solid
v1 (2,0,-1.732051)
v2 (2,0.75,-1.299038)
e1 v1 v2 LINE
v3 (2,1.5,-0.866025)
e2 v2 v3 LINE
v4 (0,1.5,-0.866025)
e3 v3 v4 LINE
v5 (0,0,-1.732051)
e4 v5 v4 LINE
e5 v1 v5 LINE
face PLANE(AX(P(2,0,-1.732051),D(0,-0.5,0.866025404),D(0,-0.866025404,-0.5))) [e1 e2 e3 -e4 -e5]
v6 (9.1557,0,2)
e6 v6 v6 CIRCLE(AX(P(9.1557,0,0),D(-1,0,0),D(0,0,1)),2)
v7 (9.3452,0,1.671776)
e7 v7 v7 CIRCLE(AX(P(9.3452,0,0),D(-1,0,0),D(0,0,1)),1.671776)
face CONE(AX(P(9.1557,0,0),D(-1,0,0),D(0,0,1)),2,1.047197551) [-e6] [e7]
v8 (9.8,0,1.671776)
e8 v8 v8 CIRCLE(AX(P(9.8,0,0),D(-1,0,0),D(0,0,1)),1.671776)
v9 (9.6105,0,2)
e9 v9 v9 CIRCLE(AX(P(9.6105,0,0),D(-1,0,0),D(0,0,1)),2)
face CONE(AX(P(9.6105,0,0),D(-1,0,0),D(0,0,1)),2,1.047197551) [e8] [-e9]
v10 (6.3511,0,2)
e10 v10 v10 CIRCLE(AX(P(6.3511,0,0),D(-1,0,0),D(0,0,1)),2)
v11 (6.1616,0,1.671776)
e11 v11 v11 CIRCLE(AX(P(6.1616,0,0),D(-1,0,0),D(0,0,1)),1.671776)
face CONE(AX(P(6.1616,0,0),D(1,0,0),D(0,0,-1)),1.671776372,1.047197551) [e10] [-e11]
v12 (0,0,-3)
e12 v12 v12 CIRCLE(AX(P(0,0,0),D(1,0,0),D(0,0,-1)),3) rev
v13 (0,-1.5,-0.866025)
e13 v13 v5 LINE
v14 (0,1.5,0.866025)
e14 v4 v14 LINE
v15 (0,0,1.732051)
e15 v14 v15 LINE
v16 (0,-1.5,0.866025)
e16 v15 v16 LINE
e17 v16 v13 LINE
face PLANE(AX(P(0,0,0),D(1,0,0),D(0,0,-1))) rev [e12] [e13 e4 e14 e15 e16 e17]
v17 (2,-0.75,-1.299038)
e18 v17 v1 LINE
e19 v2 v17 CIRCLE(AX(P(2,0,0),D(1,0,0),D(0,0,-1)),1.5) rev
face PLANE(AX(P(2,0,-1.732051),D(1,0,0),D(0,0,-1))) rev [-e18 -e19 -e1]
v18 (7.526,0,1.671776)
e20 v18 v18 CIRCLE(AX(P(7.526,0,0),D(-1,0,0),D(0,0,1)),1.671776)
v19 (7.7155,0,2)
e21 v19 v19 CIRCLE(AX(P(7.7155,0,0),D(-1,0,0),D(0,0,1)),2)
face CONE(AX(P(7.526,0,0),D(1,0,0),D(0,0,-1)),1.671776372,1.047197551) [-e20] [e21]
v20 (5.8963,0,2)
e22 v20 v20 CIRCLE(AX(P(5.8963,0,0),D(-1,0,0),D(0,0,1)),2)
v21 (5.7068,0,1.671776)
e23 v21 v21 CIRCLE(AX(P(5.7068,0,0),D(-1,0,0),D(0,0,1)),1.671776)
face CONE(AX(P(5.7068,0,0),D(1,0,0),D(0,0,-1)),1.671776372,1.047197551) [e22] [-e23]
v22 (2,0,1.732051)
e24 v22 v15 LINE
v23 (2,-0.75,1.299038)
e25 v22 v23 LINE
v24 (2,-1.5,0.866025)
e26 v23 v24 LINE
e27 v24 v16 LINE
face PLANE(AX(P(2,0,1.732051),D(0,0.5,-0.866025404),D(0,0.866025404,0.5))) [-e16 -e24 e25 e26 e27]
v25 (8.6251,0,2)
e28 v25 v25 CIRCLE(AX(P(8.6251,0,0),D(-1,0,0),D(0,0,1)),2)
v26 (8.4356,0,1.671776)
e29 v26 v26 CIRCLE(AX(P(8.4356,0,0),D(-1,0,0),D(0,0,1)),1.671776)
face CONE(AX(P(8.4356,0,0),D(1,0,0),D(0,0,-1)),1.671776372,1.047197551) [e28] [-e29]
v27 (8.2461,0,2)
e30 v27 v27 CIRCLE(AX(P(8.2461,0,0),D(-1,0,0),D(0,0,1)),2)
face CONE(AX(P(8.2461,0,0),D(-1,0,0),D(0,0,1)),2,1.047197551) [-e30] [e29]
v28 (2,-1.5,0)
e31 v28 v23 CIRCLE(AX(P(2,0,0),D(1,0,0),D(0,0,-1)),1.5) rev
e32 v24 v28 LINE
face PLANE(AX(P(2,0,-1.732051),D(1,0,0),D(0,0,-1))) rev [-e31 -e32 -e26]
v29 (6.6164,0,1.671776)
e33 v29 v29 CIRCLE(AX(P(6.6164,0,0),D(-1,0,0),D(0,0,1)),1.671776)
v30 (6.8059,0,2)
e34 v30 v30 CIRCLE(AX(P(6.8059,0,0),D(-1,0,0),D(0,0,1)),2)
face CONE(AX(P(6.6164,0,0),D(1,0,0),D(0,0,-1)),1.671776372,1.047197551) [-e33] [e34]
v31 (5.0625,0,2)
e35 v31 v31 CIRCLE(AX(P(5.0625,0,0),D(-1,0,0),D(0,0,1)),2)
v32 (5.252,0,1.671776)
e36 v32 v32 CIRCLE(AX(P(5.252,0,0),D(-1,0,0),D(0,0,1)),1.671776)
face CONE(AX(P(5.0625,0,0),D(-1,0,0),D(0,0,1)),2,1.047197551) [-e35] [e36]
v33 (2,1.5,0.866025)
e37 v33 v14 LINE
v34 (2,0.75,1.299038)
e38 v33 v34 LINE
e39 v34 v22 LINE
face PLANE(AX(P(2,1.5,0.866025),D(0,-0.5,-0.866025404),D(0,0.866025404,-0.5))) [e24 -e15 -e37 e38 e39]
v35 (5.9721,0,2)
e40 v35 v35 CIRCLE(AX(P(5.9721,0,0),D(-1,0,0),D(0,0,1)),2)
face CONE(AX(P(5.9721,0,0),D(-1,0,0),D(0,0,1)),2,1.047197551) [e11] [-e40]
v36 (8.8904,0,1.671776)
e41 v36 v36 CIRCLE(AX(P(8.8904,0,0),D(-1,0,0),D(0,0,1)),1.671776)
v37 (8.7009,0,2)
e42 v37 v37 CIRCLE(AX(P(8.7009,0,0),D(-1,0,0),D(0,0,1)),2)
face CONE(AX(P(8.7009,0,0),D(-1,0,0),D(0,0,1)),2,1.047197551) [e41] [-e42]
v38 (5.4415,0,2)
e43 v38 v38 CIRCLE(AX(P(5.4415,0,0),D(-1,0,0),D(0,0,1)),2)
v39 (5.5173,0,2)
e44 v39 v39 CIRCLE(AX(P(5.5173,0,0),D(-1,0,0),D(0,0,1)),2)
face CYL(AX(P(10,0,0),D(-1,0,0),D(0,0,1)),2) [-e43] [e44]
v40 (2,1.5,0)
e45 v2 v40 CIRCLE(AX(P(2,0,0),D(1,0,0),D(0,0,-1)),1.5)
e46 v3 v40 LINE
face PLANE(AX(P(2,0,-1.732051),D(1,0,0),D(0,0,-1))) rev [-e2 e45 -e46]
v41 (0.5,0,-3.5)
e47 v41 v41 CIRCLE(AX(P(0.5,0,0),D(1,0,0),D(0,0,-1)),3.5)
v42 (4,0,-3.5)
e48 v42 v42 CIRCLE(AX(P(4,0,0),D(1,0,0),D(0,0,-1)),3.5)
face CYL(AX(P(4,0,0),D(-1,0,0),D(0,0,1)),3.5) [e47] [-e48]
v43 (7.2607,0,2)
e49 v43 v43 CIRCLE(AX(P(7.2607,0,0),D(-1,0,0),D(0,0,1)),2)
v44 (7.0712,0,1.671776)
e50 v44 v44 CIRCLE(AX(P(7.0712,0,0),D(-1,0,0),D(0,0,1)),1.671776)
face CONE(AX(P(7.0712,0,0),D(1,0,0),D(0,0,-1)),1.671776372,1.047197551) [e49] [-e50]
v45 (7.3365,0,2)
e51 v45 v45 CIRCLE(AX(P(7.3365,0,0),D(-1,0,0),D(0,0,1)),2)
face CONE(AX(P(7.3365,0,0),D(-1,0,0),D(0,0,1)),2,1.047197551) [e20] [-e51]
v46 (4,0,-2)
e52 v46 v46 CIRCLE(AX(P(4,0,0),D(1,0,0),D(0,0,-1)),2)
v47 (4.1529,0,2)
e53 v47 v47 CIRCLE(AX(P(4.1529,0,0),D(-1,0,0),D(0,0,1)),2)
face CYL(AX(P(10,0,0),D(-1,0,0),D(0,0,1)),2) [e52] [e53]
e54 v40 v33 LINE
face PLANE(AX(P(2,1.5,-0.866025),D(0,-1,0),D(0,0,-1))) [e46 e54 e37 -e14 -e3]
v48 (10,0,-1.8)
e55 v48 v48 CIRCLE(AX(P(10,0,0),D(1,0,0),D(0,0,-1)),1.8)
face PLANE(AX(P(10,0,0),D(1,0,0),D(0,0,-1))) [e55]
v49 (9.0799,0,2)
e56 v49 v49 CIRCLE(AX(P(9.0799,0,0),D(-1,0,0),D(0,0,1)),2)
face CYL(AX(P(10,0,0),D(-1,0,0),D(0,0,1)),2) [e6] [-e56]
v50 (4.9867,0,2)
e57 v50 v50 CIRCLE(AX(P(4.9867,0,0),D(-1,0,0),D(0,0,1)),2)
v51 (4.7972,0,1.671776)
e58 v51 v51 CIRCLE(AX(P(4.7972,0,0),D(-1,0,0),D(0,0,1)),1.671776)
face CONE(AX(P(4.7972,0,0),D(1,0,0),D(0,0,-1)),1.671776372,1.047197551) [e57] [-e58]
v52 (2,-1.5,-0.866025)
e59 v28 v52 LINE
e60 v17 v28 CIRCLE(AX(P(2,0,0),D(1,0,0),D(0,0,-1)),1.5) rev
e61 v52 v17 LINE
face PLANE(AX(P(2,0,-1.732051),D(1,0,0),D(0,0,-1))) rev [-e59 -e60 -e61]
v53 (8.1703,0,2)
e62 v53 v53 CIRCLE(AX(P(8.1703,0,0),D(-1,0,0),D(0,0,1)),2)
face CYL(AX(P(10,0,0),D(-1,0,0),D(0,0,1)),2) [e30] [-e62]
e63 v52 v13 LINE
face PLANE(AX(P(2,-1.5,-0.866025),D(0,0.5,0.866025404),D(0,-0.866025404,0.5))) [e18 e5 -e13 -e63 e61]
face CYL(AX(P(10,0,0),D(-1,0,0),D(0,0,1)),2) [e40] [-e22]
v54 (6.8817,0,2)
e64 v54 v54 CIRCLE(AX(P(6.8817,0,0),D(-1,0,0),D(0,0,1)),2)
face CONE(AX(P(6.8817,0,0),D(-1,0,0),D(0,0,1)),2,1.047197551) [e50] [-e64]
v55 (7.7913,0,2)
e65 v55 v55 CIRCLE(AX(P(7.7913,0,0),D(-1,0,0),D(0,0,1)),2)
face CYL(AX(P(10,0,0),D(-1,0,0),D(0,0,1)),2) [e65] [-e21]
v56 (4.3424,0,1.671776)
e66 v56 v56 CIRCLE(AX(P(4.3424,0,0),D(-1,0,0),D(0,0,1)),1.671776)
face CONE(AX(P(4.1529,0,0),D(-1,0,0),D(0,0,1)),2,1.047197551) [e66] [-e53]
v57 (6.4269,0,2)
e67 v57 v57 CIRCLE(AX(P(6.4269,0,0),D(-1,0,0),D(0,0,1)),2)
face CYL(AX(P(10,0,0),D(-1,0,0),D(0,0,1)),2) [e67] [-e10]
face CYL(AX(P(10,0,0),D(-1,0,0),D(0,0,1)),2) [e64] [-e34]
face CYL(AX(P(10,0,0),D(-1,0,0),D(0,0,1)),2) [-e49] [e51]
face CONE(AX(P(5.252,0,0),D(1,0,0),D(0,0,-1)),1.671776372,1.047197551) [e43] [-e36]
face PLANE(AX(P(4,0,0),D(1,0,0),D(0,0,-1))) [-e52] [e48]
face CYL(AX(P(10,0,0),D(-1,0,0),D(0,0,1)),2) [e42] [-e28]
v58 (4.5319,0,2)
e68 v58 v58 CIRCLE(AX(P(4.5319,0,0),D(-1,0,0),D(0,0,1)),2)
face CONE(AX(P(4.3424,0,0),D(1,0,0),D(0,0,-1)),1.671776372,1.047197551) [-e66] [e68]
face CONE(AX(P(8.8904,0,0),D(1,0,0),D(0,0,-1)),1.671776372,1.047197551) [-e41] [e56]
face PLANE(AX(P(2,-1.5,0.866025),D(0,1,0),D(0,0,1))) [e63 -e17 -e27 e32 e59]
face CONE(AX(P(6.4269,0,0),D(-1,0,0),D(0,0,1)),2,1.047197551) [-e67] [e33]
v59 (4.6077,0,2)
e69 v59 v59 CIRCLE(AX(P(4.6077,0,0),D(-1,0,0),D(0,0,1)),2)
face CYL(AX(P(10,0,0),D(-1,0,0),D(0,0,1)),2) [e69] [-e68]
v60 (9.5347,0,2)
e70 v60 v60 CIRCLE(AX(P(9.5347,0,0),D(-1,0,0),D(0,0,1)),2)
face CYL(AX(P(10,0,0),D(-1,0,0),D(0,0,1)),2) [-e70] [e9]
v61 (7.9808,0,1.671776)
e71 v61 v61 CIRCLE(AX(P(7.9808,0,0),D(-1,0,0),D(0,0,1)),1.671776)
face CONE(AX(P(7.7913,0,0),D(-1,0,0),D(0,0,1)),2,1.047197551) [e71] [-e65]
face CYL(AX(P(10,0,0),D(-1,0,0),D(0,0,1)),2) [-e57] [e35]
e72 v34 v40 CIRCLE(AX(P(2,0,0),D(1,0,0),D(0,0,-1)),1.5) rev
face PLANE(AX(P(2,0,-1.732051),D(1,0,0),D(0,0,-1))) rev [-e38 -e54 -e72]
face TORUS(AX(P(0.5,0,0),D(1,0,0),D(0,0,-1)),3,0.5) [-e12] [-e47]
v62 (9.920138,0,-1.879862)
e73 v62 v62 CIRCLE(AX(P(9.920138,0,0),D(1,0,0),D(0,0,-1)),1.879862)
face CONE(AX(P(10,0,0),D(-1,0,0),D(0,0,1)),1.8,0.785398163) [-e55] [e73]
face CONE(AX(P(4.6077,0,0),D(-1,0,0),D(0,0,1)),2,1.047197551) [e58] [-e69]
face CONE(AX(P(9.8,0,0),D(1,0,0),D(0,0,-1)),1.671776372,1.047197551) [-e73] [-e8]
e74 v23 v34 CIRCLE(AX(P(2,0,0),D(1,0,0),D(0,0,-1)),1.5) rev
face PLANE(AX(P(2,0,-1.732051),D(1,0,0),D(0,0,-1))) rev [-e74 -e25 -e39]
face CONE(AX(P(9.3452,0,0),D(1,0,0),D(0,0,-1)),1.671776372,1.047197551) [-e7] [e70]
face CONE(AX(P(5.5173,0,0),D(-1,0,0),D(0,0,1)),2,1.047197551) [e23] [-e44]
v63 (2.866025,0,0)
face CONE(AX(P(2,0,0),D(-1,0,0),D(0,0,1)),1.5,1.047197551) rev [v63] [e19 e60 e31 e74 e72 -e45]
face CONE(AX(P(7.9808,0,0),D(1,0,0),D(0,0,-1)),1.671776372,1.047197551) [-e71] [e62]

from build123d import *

# Parameters (mm, degrees)
SKETCH1_R           = 3.5
BASEHEAD_DEPTH      = 4
SKETCH2_R           = 2
BASEBODY_DEPTH      = 6
HEXAGONSOCKET_DEPTH = 2
TOPFILLET_R         = 0.5
CHAMFER1_SIZE       = 0.2
LPATTERN10_COUNT    = 13
LPATTERN10_PITCH    = 0.4548


with BuildPart() as part:
    # Sketch1 → BaseHead (new body)
    with BuildSketch(Plane(origin=(0, 0, 0), x_dir=(0, 0, -1), z_dir=(1, 0, 0))):
        Circle(SKETCH1_R)
    extrude(amount=BASEHEAD_DEPTH)

    # Sketch2 → BaseBody (add)
    with BuildSketch(Plane(origin=(4, 0, 0), x_dir=(0, 0, -1), z_dir=(1, 0, 0))):
        Circle(SKETCH2_R)
    extrude(amount=BASEBODY_DEPTH)

    # Sketch3 → HexagonSocket (cut)
    with BuildSketch(Plane(origin=(0, 0, 0), x_dir=(0, 0, -1), z_dir=(1, 0, 0))):
        Polygon((1.732050808, 0), (0.866025404, 1.5), (-0.866025404, 1.5), (-1.732050808, 0), (-0.866025404, -1.5), (0.866025404, -1.5), align=None)
    extrude(amount=HEXAGONSOCKET_DEPTH, mode=Mode.SUBTRACT)

    # Sketch4 → Cut-Revolve1 (revolve, cut)
    with BuildSketch(Plane(origin=(-4.19613823, 0.75, 0), x_dir=(-1, 0, 0), z_dir=(0, 0, 1)), mode=Mode.PRIVATE) as cut_revolve1_sk:
        Polygon((-6.19613823, 2.25), (-7.062163633, 0.75), (-6.19613823, 0.75), align=None)
    revolve(cut_revolve1_sk.sketch.rotate(Axis((0.838992387, 0, 0), (-1, 0, 0)), 90), axis=Axis((0.838992387, 0, 0), (-1, 0, 0)), mode=Mode.SUBTRACT)

    # TopFillet
    topfillet_edges = [part.edges().sort_by_distance(p)[0] for p in [
        (0, 0, 3.5),
    ]]
    fillet(topfillet_edges, radius=TOPFILLET_R)

    # Chamfer1
    chamfer1_edges = [part.edges().sort_by_distance(p)[0] for p in [
        (10, 0, 2),
    ]]
    chamfer(chamfer1_edges, length=CHAMFER1_SIZE)

    # Sketch5 → Cut-Revolve10 (revolve, cut)
    with BuildSketch(Plane.XY, mode=Mode.PRIVATE) as cut_revolve10_sk:
        Polygon((9.8, 1.671776372), (9.9895, 2), (9.9895, 2.379), (9.6105, 2.379), (9.6105, 2), align=None)
    cut_revolve10 = revolve(cut_revolve10_sk.sketch.rotate(Axis((0, 0, 0), (1, 0, 0)), 90), axis=Axis((0, 0, 0), (1, 0, 0)), mode=Mode.SUBTRACT)

    # LPattern10: Cut-Revolve10 ×13
    with Locations(*[(-i * LPATTERN10_PITCH, 0, 0) for i in range(1, LPATTERN10_COUNT)]):
        add(cut_revolve10, mode=Mode.SUBTRACT)


solid = part.part
